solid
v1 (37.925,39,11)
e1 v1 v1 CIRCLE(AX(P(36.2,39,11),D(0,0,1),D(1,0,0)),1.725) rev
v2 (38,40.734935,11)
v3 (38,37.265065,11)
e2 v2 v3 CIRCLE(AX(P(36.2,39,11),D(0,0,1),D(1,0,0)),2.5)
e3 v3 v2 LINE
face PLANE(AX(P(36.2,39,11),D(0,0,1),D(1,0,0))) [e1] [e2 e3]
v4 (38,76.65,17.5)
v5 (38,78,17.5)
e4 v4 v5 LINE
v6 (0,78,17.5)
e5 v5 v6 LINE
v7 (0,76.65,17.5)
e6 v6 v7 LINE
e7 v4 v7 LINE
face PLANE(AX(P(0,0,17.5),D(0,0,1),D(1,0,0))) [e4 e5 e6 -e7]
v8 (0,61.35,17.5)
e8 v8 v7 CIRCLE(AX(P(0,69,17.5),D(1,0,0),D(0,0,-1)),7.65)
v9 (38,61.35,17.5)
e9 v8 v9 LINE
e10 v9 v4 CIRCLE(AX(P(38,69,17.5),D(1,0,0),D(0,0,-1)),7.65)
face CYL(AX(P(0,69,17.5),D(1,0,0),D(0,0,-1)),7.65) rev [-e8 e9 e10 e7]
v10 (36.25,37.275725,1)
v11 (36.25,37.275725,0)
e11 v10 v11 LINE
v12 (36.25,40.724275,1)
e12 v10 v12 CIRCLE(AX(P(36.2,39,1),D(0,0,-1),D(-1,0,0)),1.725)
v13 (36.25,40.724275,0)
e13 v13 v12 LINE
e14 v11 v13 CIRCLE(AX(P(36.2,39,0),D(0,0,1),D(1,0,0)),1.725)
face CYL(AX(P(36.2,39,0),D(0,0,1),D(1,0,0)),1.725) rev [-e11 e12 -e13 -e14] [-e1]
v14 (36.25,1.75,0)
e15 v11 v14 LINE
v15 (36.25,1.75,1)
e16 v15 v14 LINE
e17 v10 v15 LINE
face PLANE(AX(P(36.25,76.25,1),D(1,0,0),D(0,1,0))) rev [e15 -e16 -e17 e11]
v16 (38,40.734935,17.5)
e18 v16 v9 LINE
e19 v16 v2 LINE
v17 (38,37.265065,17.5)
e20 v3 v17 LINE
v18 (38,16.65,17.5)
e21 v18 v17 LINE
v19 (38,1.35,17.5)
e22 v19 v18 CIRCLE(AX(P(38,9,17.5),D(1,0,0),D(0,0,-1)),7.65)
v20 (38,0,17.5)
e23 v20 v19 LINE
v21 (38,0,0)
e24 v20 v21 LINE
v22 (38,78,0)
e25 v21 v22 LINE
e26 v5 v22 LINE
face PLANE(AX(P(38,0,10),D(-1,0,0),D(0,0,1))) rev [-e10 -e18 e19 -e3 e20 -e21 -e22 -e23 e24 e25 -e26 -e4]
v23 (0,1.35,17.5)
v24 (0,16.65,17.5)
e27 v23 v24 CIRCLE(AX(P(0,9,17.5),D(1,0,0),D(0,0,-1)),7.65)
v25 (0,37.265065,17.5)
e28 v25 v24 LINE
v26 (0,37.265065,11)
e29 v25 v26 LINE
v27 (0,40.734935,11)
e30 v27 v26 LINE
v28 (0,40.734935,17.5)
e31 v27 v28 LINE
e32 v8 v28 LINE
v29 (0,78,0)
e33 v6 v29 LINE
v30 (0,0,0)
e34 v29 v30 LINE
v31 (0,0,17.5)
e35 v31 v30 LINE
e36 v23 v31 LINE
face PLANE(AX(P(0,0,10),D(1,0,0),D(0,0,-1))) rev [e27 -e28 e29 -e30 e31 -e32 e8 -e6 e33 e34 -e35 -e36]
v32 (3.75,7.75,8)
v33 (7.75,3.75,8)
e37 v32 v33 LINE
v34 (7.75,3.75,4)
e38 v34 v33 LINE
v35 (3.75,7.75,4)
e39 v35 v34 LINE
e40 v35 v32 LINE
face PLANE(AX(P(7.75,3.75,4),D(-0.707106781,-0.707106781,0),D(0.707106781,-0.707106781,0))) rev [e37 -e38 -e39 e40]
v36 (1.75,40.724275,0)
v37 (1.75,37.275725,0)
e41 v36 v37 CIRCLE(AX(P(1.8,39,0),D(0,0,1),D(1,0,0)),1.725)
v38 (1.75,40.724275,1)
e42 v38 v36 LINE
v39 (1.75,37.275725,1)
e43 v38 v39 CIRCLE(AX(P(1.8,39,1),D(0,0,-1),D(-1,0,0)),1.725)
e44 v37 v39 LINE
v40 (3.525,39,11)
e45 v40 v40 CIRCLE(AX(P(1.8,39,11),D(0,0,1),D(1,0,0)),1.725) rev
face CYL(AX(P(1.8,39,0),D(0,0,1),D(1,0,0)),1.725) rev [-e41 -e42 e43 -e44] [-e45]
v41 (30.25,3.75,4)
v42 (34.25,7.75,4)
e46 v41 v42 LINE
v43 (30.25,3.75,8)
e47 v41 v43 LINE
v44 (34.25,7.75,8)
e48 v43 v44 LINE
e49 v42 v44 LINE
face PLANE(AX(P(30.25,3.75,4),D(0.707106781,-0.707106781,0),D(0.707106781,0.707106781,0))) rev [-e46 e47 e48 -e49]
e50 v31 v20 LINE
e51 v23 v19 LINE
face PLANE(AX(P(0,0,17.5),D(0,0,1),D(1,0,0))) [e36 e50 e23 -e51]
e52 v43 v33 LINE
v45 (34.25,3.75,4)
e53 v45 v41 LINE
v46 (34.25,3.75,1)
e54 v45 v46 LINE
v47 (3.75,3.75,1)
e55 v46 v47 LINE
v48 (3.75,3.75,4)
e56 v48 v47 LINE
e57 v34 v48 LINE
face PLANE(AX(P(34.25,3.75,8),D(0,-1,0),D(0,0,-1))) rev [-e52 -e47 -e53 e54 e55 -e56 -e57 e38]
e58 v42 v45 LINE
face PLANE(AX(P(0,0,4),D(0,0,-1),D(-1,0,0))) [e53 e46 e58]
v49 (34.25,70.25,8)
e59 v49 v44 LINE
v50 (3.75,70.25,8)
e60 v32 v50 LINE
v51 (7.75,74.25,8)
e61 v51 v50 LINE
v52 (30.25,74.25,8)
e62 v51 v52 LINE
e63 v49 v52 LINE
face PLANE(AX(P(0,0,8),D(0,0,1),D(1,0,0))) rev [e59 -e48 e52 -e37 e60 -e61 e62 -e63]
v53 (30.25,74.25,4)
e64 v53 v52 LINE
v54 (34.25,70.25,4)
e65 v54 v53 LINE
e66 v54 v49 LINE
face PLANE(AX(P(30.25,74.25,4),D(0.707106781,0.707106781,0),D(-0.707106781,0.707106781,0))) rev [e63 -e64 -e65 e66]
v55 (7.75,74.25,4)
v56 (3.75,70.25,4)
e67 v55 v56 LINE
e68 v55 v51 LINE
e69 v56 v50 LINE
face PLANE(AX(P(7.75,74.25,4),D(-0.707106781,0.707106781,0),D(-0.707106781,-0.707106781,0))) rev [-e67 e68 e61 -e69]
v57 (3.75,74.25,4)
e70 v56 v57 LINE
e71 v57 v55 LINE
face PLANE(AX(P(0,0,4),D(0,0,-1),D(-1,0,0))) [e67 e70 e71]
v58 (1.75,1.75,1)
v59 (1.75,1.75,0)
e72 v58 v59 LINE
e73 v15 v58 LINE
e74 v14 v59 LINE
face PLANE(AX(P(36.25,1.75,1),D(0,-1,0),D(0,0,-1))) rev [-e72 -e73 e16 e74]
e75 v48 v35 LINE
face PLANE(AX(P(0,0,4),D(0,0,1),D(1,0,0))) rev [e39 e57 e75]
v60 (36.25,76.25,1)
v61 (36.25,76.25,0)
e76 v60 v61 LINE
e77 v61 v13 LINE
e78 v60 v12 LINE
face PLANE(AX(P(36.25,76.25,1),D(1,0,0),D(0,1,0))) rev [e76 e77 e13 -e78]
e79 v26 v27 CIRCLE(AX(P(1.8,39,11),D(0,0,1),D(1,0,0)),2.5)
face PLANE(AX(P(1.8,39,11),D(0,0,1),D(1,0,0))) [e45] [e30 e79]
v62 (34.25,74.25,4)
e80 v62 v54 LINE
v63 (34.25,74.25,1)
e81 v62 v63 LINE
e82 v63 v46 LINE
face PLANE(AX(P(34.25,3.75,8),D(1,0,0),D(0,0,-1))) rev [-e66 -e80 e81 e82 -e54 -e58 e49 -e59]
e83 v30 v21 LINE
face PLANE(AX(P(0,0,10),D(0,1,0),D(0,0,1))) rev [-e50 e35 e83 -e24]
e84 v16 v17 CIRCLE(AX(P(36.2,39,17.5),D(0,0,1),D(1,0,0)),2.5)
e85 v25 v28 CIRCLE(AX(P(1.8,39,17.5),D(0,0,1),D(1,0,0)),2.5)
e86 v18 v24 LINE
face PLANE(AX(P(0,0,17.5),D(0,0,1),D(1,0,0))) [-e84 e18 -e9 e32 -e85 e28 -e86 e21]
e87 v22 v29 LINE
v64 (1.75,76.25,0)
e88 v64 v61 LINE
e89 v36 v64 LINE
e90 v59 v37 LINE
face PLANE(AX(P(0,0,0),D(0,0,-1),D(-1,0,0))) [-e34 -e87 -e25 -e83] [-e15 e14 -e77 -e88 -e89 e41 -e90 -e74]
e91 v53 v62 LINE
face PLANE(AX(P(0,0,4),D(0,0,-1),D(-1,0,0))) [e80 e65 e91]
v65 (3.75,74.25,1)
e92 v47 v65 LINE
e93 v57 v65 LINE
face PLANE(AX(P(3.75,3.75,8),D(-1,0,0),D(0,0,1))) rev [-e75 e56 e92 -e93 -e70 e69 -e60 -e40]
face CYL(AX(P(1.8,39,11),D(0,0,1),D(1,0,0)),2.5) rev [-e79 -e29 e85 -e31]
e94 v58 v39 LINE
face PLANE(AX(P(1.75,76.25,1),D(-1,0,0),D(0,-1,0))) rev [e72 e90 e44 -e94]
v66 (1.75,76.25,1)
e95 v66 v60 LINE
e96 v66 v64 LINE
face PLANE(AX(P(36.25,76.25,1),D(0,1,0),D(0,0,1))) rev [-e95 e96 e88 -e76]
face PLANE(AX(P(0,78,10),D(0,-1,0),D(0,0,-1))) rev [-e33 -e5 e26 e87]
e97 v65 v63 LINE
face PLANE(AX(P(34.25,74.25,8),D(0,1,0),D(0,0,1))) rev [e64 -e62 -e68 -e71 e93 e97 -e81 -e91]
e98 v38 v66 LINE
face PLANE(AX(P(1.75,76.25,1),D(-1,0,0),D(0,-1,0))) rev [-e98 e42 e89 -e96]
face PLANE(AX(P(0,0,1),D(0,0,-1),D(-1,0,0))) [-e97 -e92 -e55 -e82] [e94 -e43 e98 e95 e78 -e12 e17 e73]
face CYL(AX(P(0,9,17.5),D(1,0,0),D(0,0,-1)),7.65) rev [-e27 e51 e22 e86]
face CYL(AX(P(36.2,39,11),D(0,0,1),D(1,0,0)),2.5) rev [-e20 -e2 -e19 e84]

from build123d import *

# Parameters (mm, degrees)
SKETCH1_W           = 38
SKETCH1_H           = 78
BOSS_EXTRUDE1_DEPTH = 10
SKETCH2_W           = 30.5
SKETCH2_H           = 70.5
CUT_EXTRUDE1_DEPTH  = 8
BOSS_EXTRUDE2_DEPTH = 4
SKETCH4_W           = 38
SKETCH4_H           = 78
BOSS_EXTRUDE3_DEPTH = 7.5
SKETCH5_R           = 7.65
CUT_EXTRUDE2_DEPTH  = 89.511298714
SKETCH6_W           = 34.5
SKETCH6_H           = 74.5
SKETCH6_W_2         = 30.5
SKETCH6_H_2         = 70.5
CUT_EXTRUDE3_DEPTH  = 1
SKETCH7_R           = 1.725
CUT_EXTRUDE5_DEPTH  = 89.511298714
SKETCH8_R           = 2.5
CUT_EXTRUDE6_DEPTH  = 6.5


with BuildPart() as part:
    # Sketch1 → Boss-Extrude1 (new body)
    with BuildSketch(Plane.XY):
        with Locations((19, 39)):
            Rectangle(SKETCH1_W, SKETCH1_H)
    extrude(amount=BOSS_EXTRUDE1_DEPTH)

    # Sketch2 → Cut-Extrude1 (cut)
    with BuildSketch(Plane(origin=(0, 0, 0), x_dir=(-1, 0, 0), z_dir=(0, 0, -1))):
        with Locations((-19, 39)):
            Rectangle(SKETCH2_W, SKETCH2_H)
    extrude(amount=-CUT_EXTRUDE1_DEPTH, mode=Mode.SUBTRACT)

    # Sketch3 → Boss-Extrude2 (add)
    with BuildSketch(Plane(origin=(0, 0, 8), x_dir=(-1, 0, 0), z_dir=(0, 0, -1))):
        Polygon((-30.25, 74.25), (-34.25, 70.25), (-34.25, 74.25), align=None)
        Polygon((-3.75, 70.25), (-3.75, 74.25), (-7.75, 74.25), align=None)
        Polygon((-3.75, 7.75), (-3.75, 3.75), (-7.75, 3.75), align=None)
        Polygon((-34.25, 7.75), (-34.25, 3.75), (-30.25, 3.75), align=None)
    extrude(amount=BOSS_EXTRUDE2_DEPTH)

    # Sketch4 → Boss-Extrude3 (add)
    with BuildSketch(Plane.XY.offset(10)):
        with Locations((19, 39)):
            Rectangle(SKETCH4_W, SKETCH4_H)
    extrude(amount=BOSS_EXTRUDE3_DEPTH)

    # Sketch5 → Cut-Extrude2 (cut, through all)
    with BuildSketch(Plane(origin=(38, 0, 0), x_dir=(0, 0, -1), z_dir=(1, 0, 0))):
        with Locations((-17.5, 9)):
            Circle(SKETCH5_R)
        with Locations((-17.5, 69)):
            Circle(SKETCH5_R)
    extrude(amount=-CUT_EXTRUDE2_DEPTH, mode=Mode.SUBTRACT)

    # Sketch6 → Cut-Extrude3 (cut)
    with BuildSketch(Plane(origin=(0, 0, 0), x_dir=(-1, 0, 0), z_dir=(0, 0, -1))):
        with Locations((-19, 39)):
            Rectangle(SKETCH6_W, SKETCH6_H)
        with Locations((-19, 39)):
            Rectangle(SKETCH6_W_2, SKETCH6_H_2, mode=Mode.SUBTRACT)
    extrude(amount=-CUT_EXTRUDE3_DEPTH, mode=Mode.SUBTRACT)

    # Sketch7 → Cut-Extrude5 (cut, through all)
    with BuildSketch(Plane.XY.offset(17.5)):
        with Locations((1.8, 39)):
            Circle(SKETCH7_R)
        with Locations((36.2, 39)):
            Circle(SKETCH7_R)
    extrude(amount=-CUT_EXTRUDE5_DEPTH, mode=Mode.SUBTRACT)

    # Sketch8 → Cut-Extrude6 (cut)
    with BuildSketch(Plane.XY.offset(17.5)):
        with Locations((1.8, 39)):
            Circle(SKETCH8_R)
        with Locations((36.2, 39)):
            Circle(SKETCH8_R)
    extrude(amount=-CUT_EXTRUDE6_DEPTH, mode=Mode.SUBTRACT)


solid = part.part
